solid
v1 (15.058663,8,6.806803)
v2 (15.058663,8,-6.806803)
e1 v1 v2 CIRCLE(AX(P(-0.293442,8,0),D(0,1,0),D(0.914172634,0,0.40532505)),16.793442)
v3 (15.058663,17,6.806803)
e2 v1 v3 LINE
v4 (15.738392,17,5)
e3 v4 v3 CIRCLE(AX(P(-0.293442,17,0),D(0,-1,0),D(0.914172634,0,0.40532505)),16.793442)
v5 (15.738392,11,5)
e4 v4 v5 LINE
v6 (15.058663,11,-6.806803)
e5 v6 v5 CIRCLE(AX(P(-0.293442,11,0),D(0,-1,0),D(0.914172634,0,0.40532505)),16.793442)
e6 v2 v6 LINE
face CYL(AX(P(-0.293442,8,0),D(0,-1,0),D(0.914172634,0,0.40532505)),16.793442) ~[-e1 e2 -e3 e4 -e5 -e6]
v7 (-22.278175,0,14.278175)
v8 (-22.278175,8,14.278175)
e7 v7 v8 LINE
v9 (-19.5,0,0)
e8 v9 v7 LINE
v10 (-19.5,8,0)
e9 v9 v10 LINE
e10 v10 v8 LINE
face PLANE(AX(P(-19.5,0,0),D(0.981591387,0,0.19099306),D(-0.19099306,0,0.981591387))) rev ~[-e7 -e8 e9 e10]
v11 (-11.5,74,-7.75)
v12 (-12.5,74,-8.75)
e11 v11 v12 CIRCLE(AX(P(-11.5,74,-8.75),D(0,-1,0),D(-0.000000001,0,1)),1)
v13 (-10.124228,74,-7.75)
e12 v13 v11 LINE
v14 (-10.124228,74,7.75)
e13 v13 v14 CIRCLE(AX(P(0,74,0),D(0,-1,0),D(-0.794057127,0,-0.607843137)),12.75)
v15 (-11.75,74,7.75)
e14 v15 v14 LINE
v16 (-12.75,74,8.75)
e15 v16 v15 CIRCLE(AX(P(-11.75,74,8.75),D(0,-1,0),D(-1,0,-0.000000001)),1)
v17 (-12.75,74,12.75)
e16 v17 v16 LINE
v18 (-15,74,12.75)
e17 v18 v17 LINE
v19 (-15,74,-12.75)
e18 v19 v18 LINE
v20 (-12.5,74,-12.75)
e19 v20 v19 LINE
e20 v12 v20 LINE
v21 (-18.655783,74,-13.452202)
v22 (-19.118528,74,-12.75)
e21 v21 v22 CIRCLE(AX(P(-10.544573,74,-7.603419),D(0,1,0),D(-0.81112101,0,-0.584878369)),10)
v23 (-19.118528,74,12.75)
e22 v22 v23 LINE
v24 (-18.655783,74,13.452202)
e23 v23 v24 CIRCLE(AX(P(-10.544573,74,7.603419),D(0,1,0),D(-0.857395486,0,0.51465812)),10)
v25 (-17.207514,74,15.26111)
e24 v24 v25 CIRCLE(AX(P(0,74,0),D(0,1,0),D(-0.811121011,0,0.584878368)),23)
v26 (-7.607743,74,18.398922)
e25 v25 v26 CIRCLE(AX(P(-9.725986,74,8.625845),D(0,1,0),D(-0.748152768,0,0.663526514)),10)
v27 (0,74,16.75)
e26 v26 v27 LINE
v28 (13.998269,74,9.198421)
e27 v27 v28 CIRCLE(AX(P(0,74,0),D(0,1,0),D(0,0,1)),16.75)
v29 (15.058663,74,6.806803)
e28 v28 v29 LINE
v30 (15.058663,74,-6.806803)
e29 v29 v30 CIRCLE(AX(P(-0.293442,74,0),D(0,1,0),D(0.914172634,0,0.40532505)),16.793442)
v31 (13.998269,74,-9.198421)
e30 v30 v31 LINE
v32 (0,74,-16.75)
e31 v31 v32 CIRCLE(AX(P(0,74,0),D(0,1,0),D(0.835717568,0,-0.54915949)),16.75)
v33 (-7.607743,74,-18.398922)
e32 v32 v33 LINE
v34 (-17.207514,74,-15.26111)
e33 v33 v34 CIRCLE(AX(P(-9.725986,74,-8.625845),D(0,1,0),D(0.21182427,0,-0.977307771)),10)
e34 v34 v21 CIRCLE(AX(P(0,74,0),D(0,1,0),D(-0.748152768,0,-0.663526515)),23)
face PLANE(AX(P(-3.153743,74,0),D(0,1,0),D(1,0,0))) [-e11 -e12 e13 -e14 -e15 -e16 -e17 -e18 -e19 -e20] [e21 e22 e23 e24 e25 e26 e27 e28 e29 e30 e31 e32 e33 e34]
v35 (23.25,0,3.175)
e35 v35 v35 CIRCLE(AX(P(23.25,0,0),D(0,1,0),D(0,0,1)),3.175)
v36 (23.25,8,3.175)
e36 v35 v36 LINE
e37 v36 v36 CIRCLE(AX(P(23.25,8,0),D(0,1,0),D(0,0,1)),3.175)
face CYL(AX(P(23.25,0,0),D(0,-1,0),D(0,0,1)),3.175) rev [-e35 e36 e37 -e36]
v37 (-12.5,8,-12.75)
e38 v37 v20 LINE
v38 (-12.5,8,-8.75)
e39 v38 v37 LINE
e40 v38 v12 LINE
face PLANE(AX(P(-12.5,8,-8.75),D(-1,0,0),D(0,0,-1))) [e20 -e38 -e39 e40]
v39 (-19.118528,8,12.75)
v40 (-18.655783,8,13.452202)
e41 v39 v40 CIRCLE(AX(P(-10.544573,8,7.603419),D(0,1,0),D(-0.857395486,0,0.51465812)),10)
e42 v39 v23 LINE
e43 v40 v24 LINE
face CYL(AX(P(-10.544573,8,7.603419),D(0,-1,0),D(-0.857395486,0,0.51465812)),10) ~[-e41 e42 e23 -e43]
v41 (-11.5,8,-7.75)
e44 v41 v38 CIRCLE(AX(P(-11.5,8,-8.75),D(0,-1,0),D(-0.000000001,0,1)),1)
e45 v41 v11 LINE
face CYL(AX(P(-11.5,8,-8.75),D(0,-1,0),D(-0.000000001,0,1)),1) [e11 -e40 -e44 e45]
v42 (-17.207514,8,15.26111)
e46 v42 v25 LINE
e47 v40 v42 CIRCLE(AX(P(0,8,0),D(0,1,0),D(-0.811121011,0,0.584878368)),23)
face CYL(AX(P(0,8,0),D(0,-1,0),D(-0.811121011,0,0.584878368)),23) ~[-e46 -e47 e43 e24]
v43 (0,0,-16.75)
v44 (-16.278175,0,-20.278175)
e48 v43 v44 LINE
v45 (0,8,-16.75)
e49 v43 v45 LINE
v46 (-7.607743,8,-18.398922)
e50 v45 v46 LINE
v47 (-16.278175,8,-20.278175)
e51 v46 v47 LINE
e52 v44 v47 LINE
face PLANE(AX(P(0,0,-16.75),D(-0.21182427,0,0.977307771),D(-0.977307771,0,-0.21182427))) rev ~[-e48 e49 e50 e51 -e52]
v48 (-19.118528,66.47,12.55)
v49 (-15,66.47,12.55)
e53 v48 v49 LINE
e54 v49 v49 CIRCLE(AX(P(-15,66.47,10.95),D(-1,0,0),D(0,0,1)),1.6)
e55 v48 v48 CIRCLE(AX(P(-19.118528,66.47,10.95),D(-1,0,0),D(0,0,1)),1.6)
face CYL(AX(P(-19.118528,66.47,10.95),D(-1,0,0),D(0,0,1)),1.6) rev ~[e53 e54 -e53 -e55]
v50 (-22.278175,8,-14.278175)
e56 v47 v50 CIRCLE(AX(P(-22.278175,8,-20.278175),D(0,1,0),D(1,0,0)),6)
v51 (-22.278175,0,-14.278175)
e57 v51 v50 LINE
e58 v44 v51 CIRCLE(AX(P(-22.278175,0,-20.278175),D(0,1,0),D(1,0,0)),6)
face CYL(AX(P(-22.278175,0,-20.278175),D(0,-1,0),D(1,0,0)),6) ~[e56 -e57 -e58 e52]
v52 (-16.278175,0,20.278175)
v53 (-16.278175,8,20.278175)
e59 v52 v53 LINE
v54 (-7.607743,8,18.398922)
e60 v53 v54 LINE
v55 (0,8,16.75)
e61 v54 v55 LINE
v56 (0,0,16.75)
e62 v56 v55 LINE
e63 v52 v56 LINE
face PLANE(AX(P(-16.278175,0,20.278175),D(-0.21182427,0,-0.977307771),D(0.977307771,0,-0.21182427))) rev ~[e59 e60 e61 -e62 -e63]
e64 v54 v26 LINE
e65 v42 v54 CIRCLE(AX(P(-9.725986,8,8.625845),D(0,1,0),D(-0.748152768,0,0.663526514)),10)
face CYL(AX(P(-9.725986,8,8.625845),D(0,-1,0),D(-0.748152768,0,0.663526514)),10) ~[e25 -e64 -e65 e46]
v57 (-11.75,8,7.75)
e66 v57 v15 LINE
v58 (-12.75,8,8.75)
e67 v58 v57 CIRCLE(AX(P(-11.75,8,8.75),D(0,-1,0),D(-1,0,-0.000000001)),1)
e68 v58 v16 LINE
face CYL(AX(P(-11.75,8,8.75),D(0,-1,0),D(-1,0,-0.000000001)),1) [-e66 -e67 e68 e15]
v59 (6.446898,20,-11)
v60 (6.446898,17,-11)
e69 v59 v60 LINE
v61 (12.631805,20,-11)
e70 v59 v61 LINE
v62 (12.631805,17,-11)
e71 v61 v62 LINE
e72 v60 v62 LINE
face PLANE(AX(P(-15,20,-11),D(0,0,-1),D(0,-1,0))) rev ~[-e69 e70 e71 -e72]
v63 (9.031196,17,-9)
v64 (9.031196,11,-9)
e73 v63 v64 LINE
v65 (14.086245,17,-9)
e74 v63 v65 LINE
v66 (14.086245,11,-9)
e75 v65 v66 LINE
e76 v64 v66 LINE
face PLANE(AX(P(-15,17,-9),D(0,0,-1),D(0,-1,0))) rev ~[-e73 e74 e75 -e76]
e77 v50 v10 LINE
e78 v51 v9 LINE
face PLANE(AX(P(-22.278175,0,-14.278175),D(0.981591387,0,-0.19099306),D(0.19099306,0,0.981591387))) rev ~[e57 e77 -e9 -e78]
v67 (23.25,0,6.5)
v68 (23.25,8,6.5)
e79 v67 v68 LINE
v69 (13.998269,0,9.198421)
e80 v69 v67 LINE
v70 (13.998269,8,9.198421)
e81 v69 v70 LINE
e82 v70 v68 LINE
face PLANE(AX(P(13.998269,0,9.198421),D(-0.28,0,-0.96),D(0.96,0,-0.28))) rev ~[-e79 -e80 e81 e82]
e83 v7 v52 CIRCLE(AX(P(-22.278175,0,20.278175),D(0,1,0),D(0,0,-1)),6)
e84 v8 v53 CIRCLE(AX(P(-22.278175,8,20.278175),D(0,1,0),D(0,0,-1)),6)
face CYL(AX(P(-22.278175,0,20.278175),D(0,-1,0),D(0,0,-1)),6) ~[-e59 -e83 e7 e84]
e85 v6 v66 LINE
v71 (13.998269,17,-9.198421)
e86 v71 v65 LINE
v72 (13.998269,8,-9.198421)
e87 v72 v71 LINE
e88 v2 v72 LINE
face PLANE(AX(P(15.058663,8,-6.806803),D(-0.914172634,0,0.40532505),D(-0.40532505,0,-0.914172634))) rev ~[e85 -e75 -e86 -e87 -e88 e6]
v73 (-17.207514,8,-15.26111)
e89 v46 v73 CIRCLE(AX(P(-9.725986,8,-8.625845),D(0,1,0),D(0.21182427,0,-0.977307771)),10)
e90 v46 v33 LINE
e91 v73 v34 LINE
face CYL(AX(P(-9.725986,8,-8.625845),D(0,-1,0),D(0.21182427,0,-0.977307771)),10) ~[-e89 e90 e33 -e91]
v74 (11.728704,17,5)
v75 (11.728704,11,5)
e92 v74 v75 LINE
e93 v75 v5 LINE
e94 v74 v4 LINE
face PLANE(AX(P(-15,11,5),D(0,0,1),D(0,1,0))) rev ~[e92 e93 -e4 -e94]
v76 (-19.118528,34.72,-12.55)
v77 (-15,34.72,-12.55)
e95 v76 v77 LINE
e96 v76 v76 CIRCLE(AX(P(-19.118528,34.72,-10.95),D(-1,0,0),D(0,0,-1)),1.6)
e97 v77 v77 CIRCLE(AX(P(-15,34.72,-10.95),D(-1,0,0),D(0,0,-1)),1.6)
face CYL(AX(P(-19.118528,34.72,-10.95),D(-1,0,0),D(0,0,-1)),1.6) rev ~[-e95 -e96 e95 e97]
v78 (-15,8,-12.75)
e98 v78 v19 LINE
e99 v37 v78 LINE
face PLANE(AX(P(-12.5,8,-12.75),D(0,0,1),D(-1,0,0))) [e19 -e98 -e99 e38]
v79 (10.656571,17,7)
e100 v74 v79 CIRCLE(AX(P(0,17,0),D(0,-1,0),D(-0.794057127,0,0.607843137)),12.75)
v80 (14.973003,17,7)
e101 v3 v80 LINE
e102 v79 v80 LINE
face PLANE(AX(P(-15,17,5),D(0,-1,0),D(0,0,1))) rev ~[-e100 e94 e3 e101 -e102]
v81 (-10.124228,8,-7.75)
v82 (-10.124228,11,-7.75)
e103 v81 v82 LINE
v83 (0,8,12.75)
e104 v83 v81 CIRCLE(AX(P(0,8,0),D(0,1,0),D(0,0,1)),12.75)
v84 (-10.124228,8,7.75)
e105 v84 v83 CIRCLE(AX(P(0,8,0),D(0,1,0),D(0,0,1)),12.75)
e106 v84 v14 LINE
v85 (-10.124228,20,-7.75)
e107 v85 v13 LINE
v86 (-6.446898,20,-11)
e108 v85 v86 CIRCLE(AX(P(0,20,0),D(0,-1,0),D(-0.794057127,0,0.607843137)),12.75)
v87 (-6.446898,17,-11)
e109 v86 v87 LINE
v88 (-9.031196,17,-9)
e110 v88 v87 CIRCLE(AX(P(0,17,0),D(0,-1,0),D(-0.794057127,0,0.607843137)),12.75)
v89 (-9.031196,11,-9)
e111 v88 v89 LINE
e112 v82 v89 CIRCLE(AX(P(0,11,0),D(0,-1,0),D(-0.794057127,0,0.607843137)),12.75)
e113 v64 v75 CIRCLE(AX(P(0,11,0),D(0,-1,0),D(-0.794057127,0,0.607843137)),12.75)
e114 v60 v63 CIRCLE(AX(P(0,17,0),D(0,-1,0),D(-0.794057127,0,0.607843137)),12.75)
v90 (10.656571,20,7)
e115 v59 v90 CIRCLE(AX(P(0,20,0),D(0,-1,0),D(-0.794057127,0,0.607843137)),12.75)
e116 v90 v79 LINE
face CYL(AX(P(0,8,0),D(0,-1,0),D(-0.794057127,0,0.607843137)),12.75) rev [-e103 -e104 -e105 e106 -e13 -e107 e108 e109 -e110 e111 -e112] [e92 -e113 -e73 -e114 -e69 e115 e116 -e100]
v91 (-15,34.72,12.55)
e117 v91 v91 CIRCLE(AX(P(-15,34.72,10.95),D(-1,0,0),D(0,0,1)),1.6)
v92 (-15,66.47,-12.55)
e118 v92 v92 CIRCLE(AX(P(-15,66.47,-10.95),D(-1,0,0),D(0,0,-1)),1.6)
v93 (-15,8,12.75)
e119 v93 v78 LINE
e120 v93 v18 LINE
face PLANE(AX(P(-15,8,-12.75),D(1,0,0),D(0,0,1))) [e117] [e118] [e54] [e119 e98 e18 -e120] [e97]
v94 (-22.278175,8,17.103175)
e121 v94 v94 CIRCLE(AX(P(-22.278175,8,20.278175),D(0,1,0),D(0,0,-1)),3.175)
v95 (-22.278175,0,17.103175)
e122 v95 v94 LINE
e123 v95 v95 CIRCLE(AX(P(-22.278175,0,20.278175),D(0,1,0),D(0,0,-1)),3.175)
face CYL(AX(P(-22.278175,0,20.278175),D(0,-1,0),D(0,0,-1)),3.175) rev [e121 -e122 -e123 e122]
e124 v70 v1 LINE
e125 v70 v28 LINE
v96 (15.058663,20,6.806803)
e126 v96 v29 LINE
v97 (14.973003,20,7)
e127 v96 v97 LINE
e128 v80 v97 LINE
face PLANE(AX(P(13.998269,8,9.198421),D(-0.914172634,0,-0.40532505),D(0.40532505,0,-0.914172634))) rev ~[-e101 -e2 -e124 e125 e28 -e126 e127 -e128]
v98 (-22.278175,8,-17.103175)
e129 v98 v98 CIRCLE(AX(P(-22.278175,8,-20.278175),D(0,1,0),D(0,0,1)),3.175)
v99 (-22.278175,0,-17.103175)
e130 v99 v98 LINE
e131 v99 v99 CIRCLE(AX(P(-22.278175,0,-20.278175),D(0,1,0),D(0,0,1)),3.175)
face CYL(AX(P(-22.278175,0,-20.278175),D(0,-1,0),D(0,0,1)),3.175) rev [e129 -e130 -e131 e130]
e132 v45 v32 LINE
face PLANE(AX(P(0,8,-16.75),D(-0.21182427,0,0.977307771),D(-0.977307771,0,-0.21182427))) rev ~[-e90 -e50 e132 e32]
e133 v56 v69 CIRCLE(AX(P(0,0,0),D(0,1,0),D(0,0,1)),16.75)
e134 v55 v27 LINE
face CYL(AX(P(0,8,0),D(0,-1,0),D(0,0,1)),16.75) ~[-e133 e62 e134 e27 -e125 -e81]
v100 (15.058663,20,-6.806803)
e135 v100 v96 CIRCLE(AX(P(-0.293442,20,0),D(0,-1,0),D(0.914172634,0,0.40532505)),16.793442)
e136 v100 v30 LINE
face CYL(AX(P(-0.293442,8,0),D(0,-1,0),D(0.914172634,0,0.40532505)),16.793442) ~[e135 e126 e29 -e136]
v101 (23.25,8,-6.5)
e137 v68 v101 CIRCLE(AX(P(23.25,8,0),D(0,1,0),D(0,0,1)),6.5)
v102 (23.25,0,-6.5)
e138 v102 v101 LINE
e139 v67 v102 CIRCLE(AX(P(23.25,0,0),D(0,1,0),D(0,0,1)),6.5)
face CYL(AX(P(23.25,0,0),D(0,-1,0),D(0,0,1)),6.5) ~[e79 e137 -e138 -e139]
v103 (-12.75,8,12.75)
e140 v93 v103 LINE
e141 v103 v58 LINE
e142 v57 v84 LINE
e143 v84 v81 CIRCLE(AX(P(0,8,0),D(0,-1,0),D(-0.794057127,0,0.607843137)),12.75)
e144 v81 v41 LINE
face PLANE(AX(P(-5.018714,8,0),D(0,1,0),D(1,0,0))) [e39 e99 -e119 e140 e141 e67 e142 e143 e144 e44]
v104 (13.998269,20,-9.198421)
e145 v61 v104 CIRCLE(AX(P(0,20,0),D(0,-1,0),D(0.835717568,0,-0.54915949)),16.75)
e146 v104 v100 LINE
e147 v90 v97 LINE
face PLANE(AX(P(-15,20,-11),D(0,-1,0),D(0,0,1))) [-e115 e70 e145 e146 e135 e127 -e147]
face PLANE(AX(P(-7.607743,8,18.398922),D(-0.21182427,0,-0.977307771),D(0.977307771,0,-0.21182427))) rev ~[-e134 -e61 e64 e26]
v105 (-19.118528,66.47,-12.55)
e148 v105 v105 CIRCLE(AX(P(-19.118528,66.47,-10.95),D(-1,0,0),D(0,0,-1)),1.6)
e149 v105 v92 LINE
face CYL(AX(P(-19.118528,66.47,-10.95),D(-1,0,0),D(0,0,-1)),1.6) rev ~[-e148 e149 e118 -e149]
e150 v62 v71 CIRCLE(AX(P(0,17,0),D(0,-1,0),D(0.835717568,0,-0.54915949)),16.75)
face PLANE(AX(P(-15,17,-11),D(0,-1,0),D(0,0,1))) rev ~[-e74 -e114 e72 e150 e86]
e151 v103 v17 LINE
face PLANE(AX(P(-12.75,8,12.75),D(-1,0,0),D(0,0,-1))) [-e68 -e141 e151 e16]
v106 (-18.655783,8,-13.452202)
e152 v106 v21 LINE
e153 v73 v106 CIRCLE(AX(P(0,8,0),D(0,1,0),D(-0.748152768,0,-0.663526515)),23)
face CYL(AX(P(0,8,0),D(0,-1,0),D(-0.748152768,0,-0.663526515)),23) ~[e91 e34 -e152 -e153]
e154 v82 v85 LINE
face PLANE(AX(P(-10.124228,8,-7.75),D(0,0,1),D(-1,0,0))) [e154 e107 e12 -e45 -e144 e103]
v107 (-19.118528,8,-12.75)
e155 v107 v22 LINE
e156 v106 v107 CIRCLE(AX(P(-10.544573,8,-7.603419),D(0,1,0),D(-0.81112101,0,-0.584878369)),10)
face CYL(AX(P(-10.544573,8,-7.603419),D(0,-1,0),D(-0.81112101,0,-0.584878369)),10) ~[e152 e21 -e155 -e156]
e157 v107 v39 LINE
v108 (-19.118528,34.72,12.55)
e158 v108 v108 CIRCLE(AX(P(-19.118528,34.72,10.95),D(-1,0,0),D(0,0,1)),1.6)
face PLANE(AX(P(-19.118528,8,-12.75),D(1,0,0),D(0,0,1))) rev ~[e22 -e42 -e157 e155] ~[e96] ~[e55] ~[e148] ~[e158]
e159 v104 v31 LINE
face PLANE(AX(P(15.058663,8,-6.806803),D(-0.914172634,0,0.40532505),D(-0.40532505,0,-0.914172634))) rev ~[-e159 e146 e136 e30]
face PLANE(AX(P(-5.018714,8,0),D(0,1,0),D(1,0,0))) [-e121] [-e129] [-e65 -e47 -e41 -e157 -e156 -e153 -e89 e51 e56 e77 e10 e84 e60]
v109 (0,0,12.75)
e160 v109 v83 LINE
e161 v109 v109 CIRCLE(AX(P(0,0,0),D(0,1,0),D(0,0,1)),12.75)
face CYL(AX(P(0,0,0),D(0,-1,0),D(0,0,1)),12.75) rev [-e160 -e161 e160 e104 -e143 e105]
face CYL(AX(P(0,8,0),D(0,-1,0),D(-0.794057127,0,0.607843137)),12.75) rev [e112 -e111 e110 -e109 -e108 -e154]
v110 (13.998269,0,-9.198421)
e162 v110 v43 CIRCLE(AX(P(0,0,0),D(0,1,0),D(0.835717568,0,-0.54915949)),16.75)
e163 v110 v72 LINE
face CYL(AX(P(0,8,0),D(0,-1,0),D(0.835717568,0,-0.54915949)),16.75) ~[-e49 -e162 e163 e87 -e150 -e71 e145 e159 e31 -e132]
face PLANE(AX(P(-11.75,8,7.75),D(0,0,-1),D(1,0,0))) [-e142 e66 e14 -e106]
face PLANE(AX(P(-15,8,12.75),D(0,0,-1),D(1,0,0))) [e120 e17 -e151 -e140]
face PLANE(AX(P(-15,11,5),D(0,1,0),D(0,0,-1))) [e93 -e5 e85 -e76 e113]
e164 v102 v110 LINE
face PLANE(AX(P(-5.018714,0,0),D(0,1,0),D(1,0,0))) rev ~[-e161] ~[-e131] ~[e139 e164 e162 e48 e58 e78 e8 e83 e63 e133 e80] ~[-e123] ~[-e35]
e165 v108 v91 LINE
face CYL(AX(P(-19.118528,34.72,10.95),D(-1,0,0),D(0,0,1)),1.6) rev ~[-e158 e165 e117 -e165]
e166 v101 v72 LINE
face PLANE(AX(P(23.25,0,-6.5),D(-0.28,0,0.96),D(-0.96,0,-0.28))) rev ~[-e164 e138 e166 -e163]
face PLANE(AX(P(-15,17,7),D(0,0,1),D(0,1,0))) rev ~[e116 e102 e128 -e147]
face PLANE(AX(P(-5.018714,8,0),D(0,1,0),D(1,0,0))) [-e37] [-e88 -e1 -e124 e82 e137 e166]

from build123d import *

# Parameters (mm, degrees)
SKETCH1_R           = 12.75
SKETCH1_R_2         = 3.175
BOSS_EXTRUDE2_DEPTH = 8
BOSS_EXTRUDE3_DEPTH = 66
SKETCH4_R           = 1.6
CUT_EXTRUDE1_DEPTH  = 6
CUT_EXTRUDE2_DEPTH  = 62
BOSS_EXTRUDE4_DEPTH = 10
CUT_EXTRUDE3_START  = -66
CUT_EXTRUDE3_DEPTH  = 66


with BuildPart() as part:
    # Sketch1 → Boss-Extrude2 (new body)
    with BuildSketch(Plane(origin=(0, 0, 0), x_dir=(1, 0, 0), z_dir=(0, 1, 0))):
        with BuildLine():
            Line((0, 16.75), (-16.278174593, 20.278174593))
            ThreePointArc((-16.278174593, 20.278174593), (-26.52081528, 24.52081528), (-22.278174593, 14.278174593))
            Line((-22.278174593, 14.278174593), (-19.5, 0))
            Line((-19.5, 0), (-22.278174593, -14.278174593))
            ThreePointArc((-22.278174593, -14.278174593), (-26.52081528, -24.52081528), (-16.278174593, -20.278174593))
            Line((-16.278174593, -20.278174593), (0, -16.75))
            ThreePointArc((0, -16.75), (7.9526392, -14.741710543), (13.998269272, -9.198421462))
            Line((13.998269272, -9.198421462), (23.25, -6.5))
            ThreePointArc((23.25, -6.5), (29.75, 0), (23.25, 6.5))
            Line((23.25, 6.5), (13.998269272, 9.198421462))
            ThreePointArc((13.998269272, 9.198421462), (7.9526392, 14.741710543), (0, 16.75))
        make_face()
        with Locations(Location((0, 0, 0), (0, 0, 270))):
            Circle(SKETCH1_R, mode=Mode.SUBTRACT)
        with Locations(Location((23.25, 0, 0), (0, 0, 270))):
            Circle(SKETCH1_R_2, mode=Mode.SUBTRACT)
        with Locations(Location((-22.278174593, 20.278174593, 0), (0, 0, 270))):
            Circle(SKETCH1_R_2, mode=Mode.SUBTRACT)
        with Locations(Location((-22.278174593, -20.278174593, 0), (0, 0, 90))):
            Circle(SKETCH1_R_2, mode=Mode.SUBTRACT)
    extrude(amount=BOSS_EXTRUDE2_DEPTH)

    # Sketch2 → Boss-Extrude3 (add)
    with BuildSketch(Plane(origin=(0, 8, 0), x_dir=(1, 0, 0), z_dir=(0, 1, 0))):
        with BuildLine():
            Line((-7.607743292, -18.398922392), (0, -16.75))
            ThreePointArc((0, -16.75), (7.9526392, -14.741710543), (13.998269272, -9.198421462))
            Line((13.998269272, -9.198421462), (15.058663133, -6.806802563))
            ThreePointArc((15.058663133, -6.806802563), (16.5, 0), (15.058663133, 6.806802563))
            Line((15.058663133, 6.806802563), (13.998269272, 9.198421462))
            ThreePointArc((13.998269272, 9.198421462), (7.9526392, 14.741710543), (0, 16.75))
            Line((0, 16.75), (-7.607743292, 18.398922392))
            ThreePointArc((-7.607743292, 18.398922392), (-12.83286117, 18.130965758), (-17.207513674, 15.261109827))
            ThreePointArc((-17.207513674, 15.261109827), (-17.954443829, 14.374906845), (-18.65578326, 13.452202458))
            ThreePointArc((-18.65578326, 13.452202458), (-18.894540484, 13.105967779), (-19.118527996, 12.75))
            Line((-19.118527996, 12.75), (-19.118527996, -12.75))
            ThreePointArc((-19.118527996, -12.75), (-18.894540484, -13.105967779), (-18.65578326, -13.452202458))
            ThreePointArc((-18.65578326, -13.452202458), (-17.954443829, -14.374906845), (-17.207513674, -15.261109827))
            ThreePointArc((-17.207513674, -15.261109827), (-12.83286117, -18.130965758), (-7.607743292, -18.398922392))
        make_face()
        with BuildLine():
            Line((-15, 12.75), (-15, -12.75))
            Line((-15, -12.75), (-12.75, -12.75))
            Line((-12.75, -12.75), (-12.75, -8.75))
            ThreePointArc((-12.75, -8.75), (-12.457106781, -8.042893219), (-11.75, -7.75))
            Line((-11.75, -7.75), (-10.124228366, -7.75))
            ThreePointArc((-10.124228366, -7.75), (12.75, 0), (-10.124228366, 7.75))
            Line((-10.124228366, 7.75), (-11.5, 7.75))
            ThreePointArc((-11.5, 7.75), (-12.207106781, 8.042893219), (-12.5, 8.75))
            Line((-12.5, 8.75), (-12.5, 12.75))
            Line((-12.5, 12.75), (-15, 12.75))
        make_face(mode=Mode.SUBTRACT)
    extrude(amount=BOSS_EXTRUDE3_DEPTH)

    # Sketch4 → Cut-Extrude1 (cut)
    with BuildSketch(Plane.ZY.offset(19.118527996)):
        with Locations((10.95, 66.47)):
            Circle(SKETCH4_R)
        with Locations(Location((-10.95, 66.47, 0), (0, 0, 180))):
            Circle(SKETCH4_R)
        with Locations((10.95, 34.72)):
            Circle(SKETCH4_R)
        with Locations(Location((-10.95, 34.72, 0), (0, 0, 180))):
            Circle(SKETCH4_R)
    extrude(amount=-CUT_EXTRUDE1_DEPTH, mode=Mode.SUBTRACT)

    # Sketch5 → Cut-Extrude2 (cut)
    with BuildSketch(Plane(origin=(-15, 0, 0), x_dir=(0, 0, -1), z_dir=(1, 0, 0))):
        Polygon((-5, 17), (-7, 17), (-7, 20), (0, 20), (11, 20), (11, 17), (9, 17), (9, 11), (0, 11), (-5, 11), align=None)
    extrude(amount=CUT_EXTRUDE2_DEPTH, mode=Mode.SUBTRACT)

    # Sketch6 → Boss-Extrude4 (add)
    with BuildSketch(Plane(origin=(-15, 0, 0), x_dir=(0, 0, -1), z_dir=(1, 0, 0))):
        Polygon((11, 20), (11, 17), (9, 17), (9, 11), (6.130608727, 11), (6.130608727, 20), align=None)
    extrude(amount=BOSS_EXTRUDE4_DEPTH)

    # Sketch7 → Cut-Extrude3 (cut)
    with BuildSketch(Plane(origin=(0, 74, 0), x_dir=(1, 0, 0), z_dir=(0, 1, 0)).offset(CUT_EXTRUDE3_START)):
        with BuildLine():
            Line((-15, 12.75), (-15, 4.5))
            Line((-15, 4.5), (-3.997712125, 4.5))
            Line((-3.997712125, 4.5), (-3.997712125, 12.107055702))
            ThreePointArc((-3.997712125, 12.107055702), (-7.389403522, 10.39034242), (-10.124228366, 7.75))
            Line((-10.124228366, 7.75), (-11.5, 7.75))
            ThreePointArc((-11.5, 7.75), (-12.207106781, 8.042893219), (-12.5, 8.75))
            Line((-12.5, 8.75), (-12.5, 12.75))
            Line((-12.5, 12.75), (-15, 12.75))
        make_face()
    extrude(amount=CUT_EXTRUDE3_DEPTH, mode=Mode.SUBTRACT)


solid = part.part
